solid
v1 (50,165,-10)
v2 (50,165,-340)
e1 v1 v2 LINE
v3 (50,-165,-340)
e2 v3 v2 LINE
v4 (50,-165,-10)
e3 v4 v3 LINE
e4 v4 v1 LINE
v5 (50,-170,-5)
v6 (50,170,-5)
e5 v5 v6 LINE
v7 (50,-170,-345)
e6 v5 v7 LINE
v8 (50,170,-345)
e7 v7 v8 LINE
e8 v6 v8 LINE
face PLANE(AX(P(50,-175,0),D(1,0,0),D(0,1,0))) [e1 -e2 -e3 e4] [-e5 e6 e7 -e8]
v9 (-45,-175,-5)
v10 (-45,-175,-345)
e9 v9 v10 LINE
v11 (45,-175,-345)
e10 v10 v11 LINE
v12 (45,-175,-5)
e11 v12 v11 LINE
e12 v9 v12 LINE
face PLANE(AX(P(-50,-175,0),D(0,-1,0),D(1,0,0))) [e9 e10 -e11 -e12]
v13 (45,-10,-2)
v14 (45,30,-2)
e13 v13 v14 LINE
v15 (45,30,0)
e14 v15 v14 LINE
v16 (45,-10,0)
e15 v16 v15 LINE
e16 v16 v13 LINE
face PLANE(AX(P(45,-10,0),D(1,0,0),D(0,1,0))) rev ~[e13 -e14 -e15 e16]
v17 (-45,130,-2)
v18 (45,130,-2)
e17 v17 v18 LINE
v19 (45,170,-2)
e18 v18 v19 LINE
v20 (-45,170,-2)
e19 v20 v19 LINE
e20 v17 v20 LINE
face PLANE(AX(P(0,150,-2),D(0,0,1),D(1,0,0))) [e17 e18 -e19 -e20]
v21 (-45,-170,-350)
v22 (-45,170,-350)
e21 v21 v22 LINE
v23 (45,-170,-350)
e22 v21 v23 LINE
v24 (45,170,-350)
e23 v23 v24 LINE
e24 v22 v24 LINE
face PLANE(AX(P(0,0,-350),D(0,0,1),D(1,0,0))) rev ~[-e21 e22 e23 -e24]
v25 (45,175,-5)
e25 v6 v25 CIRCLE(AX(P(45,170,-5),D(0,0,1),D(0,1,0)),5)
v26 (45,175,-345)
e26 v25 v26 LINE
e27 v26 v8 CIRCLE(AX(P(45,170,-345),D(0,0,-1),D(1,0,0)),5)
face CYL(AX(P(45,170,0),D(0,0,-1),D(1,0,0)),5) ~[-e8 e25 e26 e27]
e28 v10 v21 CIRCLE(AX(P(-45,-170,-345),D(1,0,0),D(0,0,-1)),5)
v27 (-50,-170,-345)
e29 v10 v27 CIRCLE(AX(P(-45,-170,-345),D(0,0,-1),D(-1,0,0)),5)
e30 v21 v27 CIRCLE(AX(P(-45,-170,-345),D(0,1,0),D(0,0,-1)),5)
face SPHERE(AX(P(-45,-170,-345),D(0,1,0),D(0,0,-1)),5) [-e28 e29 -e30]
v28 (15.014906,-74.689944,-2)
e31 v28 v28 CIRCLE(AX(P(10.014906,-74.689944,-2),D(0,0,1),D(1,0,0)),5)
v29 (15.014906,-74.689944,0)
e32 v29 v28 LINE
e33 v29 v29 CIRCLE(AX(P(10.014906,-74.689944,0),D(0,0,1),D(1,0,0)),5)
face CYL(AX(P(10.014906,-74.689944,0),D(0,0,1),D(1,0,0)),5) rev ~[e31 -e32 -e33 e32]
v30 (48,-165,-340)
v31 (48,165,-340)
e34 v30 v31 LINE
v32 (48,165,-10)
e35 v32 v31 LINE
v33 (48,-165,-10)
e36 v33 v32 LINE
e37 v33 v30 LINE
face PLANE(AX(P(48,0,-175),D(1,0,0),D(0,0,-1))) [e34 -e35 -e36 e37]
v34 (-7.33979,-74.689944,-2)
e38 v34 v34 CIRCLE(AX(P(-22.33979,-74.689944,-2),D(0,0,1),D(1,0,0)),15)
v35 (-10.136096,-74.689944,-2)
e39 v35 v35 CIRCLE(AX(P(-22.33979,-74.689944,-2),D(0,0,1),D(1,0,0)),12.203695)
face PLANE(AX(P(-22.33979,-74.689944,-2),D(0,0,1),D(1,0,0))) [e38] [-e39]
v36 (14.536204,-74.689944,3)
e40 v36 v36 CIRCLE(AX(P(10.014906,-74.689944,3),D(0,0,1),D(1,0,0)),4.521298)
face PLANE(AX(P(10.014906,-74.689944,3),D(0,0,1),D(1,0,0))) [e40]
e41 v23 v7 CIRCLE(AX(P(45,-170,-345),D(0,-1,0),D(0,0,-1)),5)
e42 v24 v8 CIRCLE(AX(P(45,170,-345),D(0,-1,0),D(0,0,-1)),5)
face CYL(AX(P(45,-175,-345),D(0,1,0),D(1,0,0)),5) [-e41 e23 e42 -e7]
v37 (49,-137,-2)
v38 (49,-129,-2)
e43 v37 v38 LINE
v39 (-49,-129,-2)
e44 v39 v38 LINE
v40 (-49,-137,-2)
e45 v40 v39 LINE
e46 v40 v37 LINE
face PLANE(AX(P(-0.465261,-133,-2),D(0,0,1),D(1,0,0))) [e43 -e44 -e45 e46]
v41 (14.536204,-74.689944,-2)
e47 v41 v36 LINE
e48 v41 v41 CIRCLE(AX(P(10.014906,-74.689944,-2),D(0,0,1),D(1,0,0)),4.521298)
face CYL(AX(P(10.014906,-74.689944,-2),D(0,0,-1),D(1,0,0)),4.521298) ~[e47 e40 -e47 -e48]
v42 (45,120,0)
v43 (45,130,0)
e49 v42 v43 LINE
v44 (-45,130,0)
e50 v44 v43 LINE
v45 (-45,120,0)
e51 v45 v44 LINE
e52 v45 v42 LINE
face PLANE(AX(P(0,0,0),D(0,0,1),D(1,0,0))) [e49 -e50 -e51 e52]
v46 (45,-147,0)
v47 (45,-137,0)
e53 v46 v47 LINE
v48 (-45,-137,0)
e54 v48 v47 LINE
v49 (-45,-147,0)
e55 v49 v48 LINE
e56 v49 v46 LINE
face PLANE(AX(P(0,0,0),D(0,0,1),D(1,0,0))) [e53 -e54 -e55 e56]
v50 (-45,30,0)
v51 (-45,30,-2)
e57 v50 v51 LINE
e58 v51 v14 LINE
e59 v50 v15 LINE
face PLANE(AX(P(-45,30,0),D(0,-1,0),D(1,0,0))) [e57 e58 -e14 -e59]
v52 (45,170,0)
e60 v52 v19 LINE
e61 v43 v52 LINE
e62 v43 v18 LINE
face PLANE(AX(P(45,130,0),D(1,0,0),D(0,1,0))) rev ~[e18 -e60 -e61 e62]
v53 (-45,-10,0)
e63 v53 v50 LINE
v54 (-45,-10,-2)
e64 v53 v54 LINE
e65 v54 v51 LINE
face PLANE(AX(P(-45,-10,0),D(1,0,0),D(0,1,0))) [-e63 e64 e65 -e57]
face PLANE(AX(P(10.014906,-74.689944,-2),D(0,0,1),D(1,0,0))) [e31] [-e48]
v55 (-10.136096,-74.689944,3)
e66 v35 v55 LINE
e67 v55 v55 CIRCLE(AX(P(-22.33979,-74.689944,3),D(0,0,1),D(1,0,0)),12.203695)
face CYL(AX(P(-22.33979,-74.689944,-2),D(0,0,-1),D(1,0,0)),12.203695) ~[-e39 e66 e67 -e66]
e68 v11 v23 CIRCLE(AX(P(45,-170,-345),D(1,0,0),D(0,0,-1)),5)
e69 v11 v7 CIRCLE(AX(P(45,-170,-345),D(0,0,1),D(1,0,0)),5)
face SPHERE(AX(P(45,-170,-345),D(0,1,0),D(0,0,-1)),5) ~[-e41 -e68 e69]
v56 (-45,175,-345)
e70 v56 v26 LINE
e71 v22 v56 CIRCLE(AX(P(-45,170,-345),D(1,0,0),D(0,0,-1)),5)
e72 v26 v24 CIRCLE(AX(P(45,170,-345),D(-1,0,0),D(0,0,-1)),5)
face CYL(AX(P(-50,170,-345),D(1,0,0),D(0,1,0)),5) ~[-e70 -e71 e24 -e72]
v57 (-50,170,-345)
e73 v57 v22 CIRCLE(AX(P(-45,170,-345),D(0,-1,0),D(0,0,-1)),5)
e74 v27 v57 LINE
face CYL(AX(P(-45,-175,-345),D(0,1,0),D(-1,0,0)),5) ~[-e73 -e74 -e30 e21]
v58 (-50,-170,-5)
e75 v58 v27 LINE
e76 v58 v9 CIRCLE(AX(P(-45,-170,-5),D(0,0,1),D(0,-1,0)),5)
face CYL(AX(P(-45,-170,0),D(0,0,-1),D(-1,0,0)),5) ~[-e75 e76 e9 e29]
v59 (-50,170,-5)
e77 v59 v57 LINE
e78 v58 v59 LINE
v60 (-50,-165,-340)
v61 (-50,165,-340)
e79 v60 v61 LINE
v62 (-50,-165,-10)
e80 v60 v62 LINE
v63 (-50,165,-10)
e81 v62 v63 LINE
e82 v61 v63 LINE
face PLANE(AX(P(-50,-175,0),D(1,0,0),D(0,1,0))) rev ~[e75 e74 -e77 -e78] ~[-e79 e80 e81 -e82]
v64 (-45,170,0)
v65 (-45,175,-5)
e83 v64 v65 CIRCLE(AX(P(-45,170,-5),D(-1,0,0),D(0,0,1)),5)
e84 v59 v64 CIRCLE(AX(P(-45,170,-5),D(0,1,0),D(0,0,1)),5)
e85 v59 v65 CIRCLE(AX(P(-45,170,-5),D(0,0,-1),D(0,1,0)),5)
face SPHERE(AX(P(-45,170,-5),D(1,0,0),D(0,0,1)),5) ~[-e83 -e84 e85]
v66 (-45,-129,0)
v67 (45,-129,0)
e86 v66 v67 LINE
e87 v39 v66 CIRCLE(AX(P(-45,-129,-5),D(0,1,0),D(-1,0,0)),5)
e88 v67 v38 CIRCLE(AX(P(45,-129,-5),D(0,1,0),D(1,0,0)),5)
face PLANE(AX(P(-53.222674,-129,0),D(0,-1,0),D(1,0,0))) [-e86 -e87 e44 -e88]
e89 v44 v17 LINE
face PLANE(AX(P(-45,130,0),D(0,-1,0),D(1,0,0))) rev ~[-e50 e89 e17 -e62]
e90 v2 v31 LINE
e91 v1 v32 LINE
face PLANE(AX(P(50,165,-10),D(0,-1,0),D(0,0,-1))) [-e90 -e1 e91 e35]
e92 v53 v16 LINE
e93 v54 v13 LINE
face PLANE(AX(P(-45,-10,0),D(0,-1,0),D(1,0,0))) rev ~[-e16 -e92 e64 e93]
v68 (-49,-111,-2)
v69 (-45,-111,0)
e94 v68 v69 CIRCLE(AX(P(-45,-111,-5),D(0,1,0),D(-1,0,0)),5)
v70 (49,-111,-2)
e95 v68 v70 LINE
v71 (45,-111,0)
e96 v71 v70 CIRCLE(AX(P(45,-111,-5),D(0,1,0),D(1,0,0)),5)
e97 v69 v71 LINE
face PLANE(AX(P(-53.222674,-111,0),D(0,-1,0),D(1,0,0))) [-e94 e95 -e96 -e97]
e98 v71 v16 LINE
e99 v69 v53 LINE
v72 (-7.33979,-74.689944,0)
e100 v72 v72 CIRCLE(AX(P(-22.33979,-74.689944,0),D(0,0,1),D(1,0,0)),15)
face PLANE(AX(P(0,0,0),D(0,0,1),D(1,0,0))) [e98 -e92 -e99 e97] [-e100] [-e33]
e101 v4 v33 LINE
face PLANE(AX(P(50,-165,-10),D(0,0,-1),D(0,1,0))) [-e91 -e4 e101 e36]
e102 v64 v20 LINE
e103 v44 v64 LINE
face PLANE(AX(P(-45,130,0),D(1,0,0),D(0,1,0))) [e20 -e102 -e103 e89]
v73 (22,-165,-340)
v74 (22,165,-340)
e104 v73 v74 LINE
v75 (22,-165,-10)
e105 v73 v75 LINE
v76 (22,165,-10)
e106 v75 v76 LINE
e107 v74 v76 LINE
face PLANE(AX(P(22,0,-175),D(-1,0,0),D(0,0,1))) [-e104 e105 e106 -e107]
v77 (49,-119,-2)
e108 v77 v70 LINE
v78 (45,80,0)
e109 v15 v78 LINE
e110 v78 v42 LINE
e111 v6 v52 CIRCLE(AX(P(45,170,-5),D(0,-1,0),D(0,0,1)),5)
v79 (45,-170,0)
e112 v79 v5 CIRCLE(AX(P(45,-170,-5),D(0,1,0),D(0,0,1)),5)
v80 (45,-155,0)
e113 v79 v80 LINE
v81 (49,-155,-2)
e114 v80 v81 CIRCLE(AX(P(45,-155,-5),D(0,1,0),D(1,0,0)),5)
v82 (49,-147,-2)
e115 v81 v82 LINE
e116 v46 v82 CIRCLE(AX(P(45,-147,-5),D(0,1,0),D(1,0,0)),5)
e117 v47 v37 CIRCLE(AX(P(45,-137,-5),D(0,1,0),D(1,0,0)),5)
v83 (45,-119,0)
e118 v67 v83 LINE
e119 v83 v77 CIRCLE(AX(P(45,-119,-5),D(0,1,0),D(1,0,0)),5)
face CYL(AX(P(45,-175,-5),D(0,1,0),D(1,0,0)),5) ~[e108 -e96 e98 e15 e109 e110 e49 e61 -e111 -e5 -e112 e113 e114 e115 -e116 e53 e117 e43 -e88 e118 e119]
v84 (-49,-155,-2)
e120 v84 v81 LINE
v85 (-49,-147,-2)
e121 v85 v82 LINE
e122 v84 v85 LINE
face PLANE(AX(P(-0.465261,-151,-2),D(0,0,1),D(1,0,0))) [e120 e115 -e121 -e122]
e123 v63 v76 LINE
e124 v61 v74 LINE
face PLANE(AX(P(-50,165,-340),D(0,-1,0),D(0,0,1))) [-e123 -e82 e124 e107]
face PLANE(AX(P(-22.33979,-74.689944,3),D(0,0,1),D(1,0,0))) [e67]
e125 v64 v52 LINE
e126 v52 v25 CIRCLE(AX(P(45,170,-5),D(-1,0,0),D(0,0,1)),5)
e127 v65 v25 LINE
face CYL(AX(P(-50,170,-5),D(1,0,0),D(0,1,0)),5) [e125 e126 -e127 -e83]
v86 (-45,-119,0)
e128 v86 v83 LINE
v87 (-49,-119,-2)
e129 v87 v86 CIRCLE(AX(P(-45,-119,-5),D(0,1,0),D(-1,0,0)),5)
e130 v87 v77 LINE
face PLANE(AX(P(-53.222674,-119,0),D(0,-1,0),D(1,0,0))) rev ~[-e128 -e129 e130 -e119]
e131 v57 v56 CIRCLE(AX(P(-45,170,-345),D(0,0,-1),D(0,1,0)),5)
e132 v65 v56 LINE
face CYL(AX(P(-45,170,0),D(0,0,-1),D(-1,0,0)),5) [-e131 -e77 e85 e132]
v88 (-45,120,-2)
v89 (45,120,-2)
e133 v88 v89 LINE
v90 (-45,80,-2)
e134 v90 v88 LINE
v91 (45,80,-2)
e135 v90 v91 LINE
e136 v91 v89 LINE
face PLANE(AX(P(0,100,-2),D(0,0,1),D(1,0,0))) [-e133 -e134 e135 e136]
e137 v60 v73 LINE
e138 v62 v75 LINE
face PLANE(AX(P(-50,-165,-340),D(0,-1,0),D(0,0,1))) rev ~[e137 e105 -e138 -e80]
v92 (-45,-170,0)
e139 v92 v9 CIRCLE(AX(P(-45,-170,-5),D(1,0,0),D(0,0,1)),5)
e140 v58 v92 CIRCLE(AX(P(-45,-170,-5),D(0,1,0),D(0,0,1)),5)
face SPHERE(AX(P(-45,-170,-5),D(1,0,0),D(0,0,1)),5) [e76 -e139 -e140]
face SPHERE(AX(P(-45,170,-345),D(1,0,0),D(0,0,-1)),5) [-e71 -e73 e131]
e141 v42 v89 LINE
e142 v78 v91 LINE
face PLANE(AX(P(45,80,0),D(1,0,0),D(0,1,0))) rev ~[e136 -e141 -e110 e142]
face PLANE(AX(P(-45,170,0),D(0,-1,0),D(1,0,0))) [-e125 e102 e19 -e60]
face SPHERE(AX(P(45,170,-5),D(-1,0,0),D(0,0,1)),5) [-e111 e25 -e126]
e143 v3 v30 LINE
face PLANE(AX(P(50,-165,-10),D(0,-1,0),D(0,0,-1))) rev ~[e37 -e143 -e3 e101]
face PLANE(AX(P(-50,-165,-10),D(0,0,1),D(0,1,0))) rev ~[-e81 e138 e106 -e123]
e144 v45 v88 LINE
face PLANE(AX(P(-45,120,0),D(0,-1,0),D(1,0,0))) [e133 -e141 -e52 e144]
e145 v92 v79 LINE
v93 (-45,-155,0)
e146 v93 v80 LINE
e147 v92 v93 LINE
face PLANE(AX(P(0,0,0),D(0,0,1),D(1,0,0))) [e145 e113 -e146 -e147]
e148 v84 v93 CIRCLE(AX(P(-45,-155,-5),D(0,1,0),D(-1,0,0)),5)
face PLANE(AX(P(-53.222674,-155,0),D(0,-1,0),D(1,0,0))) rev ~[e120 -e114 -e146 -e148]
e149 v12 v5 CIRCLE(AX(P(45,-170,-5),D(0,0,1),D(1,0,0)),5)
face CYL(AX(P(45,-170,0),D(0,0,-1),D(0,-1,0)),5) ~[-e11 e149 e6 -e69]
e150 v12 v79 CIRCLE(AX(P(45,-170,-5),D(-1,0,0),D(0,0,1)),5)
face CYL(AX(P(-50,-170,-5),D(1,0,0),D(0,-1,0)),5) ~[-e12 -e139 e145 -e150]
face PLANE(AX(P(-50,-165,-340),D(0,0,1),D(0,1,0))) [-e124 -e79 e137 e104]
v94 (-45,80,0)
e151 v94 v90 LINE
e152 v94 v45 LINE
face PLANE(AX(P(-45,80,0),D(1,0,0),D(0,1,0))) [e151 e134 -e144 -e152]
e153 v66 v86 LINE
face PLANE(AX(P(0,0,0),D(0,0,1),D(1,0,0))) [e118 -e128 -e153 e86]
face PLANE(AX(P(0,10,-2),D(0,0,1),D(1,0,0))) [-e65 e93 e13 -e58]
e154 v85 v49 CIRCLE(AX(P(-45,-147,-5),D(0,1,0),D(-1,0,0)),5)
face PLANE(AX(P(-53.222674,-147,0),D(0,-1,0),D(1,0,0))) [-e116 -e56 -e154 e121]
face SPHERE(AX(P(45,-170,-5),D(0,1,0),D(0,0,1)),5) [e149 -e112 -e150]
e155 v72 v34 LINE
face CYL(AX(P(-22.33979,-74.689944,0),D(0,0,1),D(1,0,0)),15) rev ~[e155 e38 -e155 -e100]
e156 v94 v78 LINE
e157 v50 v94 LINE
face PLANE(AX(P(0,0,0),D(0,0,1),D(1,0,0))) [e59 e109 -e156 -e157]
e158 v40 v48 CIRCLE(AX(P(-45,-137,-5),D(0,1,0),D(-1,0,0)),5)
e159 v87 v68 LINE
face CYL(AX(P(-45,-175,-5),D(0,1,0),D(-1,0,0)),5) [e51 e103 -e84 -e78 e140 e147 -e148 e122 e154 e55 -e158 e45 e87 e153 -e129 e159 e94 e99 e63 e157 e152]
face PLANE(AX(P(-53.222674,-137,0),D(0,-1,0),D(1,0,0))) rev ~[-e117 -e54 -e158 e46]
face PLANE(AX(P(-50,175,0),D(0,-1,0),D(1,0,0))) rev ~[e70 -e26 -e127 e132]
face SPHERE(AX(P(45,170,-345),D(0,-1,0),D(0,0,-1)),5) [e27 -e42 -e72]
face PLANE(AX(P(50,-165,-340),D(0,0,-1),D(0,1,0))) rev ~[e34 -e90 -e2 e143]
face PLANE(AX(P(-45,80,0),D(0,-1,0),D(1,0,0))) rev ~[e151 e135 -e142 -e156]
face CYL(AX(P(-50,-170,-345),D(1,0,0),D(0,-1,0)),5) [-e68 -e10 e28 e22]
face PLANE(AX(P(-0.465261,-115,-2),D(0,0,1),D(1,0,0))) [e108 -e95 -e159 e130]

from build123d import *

# Parameters (mm, degrees)
CROQUIS1_W              = 100
CROQUIS1_H              = 350
SALIENTE_EXTRUIR1_DEPTH = 350
REDONDEO1_R             = 5
CROQUIS2_R              = 15
CROQUIS2_R_2            = 5
CROQUIS2_W              = 90
CROQUIS2_H              = 40
CROQUIS2_W_2            = 105.514825976
CROQUIS2_H_2            = 8
CORTAR_EXTRUIR1_DEPTH   = 2
CROQUIS3_R              = 12.203694642
CROQUIS3_R_2            = 4.521298069
SALIENTE_EXTRUIR2_DEPTH = 5
CROQUIS4_W              = 330
CROQUIS4_H              = 330
CORTAR_EXTRUIR2_DEPTH   = 72
CROQUIS5_W              = 330
CROQUIS5_H              = 330
CORTAR_EXTRUIR3_DEPTH   = 2


with BuildPart() as part:
    # Croquis1 → Saliente-Extruir1 (new body)
    with BuildSketch(Plane.XY):
        Rectangle(CROQUIS1_W, CROQUIS1_H)
    extrude(amount=-SALIENTE_EXTRUIR1_DEPTH)

    # Redondeo1
    redondeo1_edges = [part.edges().sort_by_distance(p)[0] for p in [
        (50, 0, -350),
        (0, 175, -350),
        (-50, 0, -350),
        (0, 175, 0),
        (50, 0, 0),
        (0, -175, 0),
        (-50, 0, 0),
        (0, -175, -350),
        (-50, 175, -175),
        (50, 175, -175),
        (50, -175, -175),
        (-50, -175, -175),
    ]]
    fillet(redondeo1_edges, radius=REDONDEO1_R)

    # Croquis2 → Cortar-Extruir1 (cut)
    with BuildSketch(Plane.XY):
        with Locations((-22.3397902, -74.689944443)):
            Circle(CROQUIS2_R)
        with Locations((10.014906412, -74.689944443)):
            Circle(CROQUIS2_R_2)
        with Locations((0, 150)):
            Rectangle(CROQUIS2_W, CROQUIS2_H)
        with Locations((0, 100)):
            Rectangle(CROQUIS2_W, CROQUIS2_H)
        with Locations((0, 10)):
            Rectangle(CROQUIS2_W, CROQUIS2_H)
        with Locations((-0.46526055, -151)):
            Rectangle(CROQUIS2_W_2, CROQUIS2_H_2)
        with Locations((-0.46526055, -133)):
            Rectangle(CROQUIS2_W_2, CROQUIS2_H_2)
        with Locations((-0.46526055, -115)):
            Rectangle(CROQUIS2_W_2, CROQUIS2_H_2)
    extrude(amount=-CORTAR_EXTRUIR1_DEPTH, mode=Mode.SUBTRACT)

    # Croquis3 → Saliente-Extruir2 (add)
    with BuildSketch(Plane.XY.offset(-2)):
        with Locations((-22.3397902, -74.689944443)):
            Circle(CROQUIS3_R)
        with Locations((10.014906412, -74.689944443)):
            Circle(CROQUIS3_R_2)
    extrude(amount=SALIENTE_EXTRUIR2_DEPTH)

    # Croquis4 → Cortar-Extruir2 (cut)
    with BuildSketch(Plane.ZY.offset(50)):
        with Locations((-175, 0)):
            Rectangle(CROQUIS4_W, CROQUIS4_H)
    extrude(amount=-CORTAR_EXTRUIR2_DEPTH, mode=Mode.SUBTRACT)

    # Croquis5 → Cortar-Extruir3 (cut)
    with BuildSketch(Plane(origin=(50, 0, 0), x_dir=(0, 0, -1), z_dir=(1, 0, 0))):
        with Locations((175, 0)):
            Rectangle(CROQUIS5_W, CROQUIS5_H)
    extrude(amount=-CORTAR_EXTRUIR3_DEPTH, mode=Mode.SUBTRACT)


solid = part.part
